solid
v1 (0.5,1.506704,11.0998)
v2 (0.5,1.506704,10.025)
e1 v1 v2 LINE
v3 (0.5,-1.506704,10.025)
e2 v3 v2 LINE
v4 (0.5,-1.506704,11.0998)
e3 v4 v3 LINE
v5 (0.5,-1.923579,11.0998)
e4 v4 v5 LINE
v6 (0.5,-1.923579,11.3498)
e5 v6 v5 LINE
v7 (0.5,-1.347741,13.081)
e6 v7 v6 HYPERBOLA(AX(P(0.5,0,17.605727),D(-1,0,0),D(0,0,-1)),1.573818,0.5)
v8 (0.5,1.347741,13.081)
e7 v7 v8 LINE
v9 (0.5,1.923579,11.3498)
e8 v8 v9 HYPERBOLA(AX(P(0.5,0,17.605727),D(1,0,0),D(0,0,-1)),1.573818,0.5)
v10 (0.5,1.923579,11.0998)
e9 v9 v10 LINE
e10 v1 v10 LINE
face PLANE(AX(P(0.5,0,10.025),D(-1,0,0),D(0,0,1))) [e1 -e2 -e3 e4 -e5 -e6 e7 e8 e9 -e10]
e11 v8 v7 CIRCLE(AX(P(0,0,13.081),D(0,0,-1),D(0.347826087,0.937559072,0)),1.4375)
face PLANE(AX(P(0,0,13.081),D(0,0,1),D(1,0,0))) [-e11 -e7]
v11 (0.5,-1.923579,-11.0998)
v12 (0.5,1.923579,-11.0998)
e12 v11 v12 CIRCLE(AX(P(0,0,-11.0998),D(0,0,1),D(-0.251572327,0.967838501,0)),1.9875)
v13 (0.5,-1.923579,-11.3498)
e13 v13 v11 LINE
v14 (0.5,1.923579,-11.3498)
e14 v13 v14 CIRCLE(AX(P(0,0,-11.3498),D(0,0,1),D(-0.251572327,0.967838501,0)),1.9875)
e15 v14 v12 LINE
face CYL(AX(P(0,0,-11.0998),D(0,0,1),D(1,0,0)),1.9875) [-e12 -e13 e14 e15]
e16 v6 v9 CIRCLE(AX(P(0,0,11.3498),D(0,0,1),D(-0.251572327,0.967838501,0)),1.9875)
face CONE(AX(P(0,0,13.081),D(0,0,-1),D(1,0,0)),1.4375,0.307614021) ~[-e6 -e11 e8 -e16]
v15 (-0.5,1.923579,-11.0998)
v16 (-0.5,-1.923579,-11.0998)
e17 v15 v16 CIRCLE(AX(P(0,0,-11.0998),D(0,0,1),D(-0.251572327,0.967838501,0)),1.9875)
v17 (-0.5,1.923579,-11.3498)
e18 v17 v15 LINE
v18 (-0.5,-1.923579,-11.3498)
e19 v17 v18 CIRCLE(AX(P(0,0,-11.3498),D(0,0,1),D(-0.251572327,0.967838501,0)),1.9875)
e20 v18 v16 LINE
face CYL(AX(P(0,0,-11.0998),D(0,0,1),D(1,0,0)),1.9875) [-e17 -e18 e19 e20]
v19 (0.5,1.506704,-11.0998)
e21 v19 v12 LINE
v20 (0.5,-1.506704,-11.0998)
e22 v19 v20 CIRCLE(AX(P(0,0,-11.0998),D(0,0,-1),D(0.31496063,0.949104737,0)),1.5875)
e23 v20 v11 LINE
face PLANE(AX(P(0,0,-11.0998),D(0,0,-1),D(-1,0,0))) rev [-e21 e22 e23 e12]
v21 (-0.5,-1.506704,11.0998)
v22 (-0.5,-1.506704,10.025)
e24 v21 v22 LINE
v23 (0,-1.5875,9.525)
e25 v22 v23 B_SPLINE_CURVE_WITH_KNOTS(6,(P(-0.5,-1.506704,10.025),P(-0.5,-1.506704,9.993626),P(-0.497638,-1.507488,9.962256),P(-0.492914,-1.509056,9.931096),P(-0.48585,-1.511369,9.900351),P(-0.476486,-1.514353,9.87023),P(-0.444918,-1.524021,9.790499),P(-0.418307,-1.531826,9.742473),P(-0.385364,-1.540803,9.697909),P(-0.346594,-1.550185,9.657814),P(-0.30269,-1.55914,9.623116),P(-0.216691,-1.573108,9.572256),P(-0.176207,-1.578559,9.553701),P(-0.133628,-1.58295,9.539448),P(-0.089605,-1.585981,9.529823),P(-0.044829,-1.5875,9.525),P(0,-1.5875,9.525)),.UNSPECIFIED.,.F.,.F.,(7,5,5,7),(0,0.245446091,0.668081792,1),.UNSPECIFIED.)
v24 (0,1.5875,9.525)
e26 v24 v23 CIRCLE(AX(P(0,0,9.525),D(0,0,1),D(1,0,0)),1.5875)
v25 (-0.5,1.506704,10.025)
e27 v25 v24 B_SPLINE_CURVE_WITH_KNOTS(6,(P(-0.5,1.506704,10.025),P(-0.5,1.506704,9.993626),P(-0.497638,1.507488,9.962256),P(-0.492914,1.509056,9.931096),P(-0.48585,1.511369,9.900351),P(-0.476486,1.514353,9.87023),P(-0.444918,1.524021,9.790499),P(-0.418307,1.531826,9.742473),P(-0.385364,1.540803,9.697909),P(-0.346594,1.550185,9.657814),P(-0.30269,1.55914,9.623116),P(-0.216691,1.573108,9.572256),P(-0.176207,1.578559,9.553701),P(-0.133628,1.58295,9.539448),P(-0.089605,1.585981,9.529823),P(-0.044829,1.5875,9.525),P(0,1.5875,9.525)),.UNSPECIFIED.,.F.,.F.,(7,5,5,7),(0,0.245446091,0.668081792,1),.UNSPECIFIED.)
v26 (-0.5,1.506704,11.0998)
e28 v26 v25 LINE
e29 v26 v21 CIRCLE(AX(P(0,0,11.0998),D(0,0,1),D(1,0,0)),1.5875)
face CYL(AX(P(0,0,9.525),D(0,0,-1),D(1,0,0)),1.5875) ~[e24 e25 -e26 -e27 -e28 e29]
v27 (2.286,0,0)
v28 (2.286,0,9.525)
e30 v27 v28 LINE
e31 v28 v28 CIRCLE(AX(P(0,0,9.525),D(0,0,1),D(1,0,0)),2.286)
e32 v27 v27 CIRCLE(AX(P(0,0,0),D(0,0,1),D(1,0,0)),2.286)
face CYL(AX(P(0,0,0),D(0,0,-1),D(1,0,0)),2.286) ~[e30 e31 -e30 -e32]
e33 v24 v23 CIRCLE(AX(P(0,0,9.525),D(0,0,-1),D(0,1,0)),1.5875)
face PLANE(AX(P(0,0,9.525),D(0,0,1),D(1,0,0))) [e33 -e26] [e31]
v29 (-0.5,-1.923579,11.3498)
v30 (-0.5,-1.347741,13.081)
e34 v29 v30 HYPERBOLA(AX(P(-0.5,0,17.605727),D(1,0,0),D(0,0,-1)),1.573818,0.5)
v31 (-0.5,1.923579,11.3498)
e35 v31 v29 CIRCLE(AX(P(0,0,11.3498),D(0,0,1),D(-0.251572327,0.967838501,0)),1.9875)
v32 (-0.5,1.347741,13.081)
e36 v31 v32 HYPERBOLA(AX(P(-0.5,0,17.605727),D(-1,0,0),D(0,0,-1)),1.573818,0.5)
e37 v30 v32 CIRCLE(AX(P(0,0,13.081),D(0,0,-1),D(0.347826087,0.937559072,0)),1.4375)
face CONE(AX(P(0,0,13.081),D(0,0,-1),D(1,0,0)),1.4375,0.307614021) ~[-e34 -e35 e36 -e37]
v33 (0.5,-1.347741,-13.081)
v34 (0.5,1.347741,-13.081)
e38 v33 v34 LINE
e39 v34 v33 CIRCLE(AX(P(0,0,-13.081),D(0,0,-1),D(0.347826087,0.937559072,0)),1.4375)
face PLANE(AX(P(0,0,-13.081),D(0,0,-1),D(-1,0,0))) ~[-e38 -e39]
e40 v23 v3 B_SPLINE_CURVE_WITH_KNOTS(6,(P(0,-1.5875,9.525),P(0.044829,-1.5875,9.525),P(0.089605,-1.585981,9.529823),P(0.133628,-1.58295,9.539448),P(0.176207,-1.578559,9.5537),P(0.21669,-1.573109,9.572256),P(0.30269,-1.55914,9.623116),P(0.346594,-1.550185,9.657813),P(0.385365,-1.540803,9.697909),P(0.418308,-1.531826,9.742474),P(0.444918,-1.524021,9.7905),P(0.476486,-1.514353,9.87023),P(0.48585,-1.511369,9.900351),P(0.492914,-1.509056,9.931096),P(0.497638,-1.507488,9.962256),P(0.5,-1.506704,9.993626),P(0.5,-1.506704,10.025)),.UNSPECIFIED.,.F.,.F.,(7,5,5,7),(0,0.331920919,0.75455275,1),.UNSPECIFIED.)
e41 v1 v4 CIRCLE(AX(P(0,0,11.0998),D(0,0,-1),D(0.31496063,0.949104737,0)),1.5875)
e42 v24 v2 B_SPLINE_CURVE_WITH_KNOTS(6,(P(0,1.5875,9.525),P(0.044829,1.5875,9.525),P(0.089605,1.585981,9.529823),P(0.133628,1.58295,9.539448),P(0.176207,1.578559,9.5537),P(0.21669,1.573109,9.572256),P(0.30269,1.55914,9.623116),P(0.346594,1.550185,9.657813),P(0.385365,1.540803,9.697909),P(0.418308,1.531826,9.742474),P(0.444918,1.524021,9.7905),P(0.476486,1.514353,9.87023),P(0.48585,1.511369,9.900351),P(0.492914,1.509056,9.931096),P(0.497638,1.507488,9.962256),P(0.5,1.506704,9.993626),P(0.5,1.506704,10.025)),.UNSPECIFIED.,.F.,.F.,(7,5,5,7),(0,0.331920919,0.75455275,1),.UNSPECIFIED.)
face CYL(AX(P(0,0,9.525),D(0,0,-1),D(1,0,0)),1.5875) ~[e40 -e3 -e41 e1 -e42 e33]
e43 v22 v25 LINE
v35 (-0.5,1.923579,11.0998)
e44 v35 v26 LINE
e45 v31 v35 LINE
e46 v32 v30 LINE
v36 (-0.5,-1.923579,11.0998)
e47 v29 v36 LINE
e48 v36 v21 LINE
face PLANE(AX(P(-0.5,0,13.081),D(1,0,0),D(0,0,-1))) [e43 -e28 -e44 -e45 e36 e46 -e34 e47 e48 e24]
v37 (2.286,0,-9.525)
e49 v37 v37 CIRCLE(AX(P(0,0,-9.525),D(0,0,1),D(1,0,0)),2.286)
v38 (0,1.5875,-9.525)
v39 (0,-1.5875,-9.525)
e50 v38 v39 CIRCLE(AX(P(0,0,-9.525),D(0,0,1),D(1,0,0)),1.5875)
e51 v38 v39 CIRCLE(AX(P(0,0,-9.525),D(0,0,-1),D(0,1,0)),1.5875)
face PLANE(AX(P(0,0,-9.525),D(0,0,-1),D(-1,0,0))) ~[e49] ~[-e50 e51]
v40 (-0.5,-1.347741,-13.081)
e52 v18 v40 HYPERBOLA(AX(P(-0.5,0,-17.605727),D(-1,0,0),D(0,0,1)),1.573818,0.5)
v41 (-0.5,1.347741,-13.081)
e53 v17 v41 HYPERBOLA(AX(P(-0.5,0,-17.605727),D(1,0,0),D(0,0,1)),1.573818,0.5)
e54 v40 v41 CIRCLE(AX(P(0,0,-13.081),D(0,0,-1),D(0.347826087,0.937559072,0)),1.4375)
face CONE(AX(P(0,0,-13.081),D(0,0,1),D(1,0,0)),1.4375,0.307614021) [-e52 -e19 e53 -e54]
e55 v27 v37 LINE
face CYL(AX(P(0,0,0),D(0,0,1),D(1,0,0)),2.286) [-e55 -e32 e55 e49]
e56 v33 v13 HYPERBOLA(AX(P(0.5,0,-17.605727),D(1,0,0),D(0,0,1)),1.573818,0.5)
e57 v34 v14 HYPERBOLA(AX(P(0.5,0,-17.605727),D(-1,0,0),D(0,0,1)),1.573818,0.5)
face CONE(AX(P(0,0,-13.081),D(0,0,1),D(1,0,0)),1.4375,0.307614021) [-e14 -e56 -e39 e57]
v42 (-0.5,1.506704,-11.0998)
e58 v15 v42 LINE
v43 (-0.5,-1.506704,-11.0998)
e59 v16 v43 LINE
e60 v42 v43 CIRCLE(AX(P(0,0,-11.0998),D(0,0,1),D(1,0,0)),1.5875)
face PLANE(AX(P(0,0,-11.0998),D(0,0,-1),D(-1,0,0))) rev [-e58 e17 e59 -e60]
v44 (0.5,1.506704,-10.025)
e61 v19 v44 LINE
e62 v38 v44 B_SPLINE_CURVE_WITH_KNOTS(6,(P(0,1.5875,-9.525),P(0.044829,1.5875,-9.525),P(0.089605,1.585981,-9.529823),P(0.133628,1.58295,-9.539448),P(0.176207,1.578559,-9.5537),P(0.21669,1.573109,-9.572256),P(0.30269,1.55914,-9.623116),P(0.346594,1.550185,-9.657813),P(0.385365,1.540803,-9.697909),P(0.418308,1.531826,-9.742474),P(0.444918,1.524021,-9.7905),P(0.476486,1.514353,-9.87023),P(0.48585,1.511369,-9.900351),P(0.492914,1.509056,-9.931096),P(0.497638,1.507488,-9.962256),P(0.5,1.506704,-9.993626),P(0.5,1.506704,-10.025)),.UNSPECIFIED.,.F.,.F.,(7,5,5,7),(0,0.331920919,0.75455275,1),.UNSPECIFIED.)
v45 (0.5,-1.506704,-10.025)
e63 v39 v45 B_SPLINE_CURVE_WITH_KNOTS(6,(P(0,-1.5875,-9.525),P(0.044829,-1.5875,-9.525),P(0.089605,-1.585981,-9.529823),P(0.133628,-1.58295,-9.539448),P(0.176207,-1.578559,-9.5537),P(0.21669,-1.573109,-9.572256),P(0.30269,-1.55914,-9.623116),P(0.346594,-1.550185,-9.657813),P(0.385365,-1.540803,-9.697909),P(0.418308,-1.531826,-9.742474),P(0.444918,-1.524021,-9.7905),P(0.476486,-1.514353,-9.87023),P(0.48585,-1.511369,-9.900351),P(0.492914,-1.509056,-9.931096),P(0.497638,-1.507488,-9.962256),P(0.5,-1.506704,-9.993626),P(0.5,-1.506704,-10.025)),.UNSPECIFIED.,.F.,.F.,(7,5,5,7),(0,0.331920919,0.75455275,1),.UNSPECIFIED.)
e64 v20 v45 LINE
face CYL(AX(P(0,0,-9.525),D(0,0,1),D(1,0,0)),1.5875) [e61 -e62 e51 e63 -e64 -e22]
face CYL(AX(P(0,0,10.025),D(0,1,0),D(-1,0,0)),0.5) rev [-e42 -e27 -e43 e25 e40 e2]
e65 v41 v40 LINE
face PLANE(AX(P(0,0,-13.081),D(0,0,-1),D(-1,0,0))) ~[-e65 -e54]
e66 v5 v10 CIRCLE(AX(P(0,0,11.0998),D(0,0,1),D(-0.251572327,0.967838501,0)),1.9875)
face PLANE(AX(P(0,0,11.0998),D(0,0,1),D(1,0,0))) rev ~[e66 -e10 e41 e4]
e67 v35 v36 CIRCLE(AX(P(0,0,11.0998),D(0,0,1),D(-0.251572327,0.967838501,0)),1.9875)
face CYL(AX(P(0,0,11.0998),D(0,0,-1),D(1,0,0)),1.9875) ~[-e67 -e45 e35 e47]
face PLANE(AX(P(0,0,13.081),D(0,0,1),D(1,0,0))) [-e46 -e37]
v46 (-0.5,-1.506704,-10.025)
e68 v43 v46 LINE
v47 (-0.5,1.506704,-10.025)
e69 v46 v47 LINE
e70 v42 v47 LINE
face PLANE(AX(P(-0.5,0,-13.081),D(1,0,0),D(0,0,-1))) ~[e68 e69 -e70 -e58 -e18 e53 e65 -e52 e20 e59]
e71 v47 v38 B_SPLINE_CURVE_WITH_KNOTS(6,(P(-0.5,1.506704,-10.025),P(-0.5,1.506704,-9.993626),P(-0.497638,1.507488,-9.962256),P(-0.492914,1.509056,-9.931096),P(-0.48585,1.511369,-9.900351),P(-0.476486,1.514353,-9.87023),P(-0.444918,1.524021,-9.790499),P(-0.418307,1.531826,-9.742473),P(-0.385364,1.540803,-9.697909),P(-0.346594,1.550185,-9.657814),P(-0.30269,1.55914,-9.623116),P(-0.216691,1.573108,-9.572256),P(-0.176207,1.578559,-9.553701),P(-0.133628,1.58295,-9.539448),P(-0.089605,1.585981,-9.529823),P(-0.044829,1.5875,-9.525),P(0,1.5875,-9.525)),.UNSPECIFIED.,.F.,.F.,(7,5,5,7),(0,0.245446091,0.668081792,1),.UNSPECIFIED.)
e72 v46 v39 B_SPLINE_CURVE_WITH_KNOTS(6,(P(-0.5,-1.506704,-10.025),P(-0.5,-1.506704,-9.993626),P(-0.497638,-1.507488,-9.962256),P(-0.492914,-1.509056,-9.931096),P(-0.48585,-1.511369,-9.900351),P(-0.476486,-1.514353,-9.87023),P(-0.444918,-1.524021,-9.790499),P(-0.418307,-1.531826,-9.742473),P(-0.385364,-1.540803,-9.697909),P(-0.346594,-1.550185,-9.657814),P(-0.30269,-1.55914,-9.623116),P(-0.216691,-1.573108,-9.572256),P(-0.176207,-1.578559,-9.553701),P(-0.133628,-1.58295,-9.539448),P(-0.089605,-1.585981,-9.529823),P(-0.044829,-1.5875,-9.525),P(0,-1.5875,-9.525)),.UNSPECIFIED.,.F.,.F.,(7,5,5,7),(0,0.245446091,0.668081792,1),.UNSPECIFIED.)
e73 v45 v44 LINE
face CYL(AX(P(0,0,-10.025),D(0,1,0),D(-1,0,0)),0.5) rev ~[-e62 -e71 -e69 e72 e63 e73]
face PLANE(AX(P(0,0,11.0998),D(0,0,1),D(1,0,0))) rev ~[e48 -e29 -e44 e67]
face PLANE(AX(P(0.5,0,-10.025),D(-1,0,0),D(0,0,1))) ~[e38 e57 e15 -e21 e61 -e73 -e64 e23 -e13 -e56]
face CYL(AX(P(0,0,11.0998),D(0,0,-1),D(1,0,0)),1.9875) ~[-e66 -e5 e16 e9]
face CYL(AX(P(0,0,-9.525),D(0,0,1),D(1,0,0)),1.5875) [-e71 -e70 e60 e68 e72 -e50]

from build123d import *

# Parameters (mm, degrees)
F0_R           = 2.286
F1_DEPTH       = 9.525
F3_R           = 1.5875
F4_DEPTH       = 1.5748
F6_R           = 1.9875
F8_DEPTH       = 0.25
F9_R           = 1.4375
F8_FACE_R      = 1.9875
F12_DEPTH      = 2.287
F12_DEPTH_BACK = 2.287


with BuildPart() as f1:
    # F0 (on Top) → F1 (new body)
    with BuildSketch(Plane.XY):
        Circle(F0_R)
    extrude(amount=F1_DEPTH)

    # F3 (on offset) → F4 (join)
    with BuildSketch(Plane.XY.offset(9.525)):
        Circle(F3_R)
    extrude(amount=F4_DEPTH)

    # F6 (on offset) → F8 (join)
    with BuildSketch(Plane.XY.offset(11.0998)):
        Circle(F6_R)
    extrude(amount=F8_DEPTH)

    # F9 (on offset) → F10 section 0
    with BuildSketch(Plane.XY.offset(13.081)):
        Circle(F9_R)
    # F8_face (on face) → F10 section 1
    with BuildSketch(Plane.XY.offset(11.3498)):
        Circle(F8_FACE_R)
    loft()

    # F11 (on Front) → F12 (cut, two sides)
    with BuildSketch(Plane.XZ) as f12_sk:
        with BuildLine():
            Line((0.5, 13.081), (-0.5, 13.081))
            Line((-0.5, 13.081), (-0.5, 10.025))
            ThreePointArc((-0.5, 10.025), (-0.3535533906, 9.6714466094), (0, 9.525))
            ThreePointArc((0, 9.525), (0.3535533906, 9.6714466094), (0.5, 10.025))
            Line((0.5, 10.025), (0.5, 13.081))
        make_face()
    extrude(amount=-F12_DEPTH, mode=Mode.SUBTRACT)
    extrude(f12_sk.sketch, amount=F12_DEPTH_BACK, mode=Mode.SUBTRACT)

    # F13: F1 across plane


with BuildPart() as f1_1:
    add(f1.part)
    add(f1.part.mirror(Plane.XY))


solid = f1_1.part
